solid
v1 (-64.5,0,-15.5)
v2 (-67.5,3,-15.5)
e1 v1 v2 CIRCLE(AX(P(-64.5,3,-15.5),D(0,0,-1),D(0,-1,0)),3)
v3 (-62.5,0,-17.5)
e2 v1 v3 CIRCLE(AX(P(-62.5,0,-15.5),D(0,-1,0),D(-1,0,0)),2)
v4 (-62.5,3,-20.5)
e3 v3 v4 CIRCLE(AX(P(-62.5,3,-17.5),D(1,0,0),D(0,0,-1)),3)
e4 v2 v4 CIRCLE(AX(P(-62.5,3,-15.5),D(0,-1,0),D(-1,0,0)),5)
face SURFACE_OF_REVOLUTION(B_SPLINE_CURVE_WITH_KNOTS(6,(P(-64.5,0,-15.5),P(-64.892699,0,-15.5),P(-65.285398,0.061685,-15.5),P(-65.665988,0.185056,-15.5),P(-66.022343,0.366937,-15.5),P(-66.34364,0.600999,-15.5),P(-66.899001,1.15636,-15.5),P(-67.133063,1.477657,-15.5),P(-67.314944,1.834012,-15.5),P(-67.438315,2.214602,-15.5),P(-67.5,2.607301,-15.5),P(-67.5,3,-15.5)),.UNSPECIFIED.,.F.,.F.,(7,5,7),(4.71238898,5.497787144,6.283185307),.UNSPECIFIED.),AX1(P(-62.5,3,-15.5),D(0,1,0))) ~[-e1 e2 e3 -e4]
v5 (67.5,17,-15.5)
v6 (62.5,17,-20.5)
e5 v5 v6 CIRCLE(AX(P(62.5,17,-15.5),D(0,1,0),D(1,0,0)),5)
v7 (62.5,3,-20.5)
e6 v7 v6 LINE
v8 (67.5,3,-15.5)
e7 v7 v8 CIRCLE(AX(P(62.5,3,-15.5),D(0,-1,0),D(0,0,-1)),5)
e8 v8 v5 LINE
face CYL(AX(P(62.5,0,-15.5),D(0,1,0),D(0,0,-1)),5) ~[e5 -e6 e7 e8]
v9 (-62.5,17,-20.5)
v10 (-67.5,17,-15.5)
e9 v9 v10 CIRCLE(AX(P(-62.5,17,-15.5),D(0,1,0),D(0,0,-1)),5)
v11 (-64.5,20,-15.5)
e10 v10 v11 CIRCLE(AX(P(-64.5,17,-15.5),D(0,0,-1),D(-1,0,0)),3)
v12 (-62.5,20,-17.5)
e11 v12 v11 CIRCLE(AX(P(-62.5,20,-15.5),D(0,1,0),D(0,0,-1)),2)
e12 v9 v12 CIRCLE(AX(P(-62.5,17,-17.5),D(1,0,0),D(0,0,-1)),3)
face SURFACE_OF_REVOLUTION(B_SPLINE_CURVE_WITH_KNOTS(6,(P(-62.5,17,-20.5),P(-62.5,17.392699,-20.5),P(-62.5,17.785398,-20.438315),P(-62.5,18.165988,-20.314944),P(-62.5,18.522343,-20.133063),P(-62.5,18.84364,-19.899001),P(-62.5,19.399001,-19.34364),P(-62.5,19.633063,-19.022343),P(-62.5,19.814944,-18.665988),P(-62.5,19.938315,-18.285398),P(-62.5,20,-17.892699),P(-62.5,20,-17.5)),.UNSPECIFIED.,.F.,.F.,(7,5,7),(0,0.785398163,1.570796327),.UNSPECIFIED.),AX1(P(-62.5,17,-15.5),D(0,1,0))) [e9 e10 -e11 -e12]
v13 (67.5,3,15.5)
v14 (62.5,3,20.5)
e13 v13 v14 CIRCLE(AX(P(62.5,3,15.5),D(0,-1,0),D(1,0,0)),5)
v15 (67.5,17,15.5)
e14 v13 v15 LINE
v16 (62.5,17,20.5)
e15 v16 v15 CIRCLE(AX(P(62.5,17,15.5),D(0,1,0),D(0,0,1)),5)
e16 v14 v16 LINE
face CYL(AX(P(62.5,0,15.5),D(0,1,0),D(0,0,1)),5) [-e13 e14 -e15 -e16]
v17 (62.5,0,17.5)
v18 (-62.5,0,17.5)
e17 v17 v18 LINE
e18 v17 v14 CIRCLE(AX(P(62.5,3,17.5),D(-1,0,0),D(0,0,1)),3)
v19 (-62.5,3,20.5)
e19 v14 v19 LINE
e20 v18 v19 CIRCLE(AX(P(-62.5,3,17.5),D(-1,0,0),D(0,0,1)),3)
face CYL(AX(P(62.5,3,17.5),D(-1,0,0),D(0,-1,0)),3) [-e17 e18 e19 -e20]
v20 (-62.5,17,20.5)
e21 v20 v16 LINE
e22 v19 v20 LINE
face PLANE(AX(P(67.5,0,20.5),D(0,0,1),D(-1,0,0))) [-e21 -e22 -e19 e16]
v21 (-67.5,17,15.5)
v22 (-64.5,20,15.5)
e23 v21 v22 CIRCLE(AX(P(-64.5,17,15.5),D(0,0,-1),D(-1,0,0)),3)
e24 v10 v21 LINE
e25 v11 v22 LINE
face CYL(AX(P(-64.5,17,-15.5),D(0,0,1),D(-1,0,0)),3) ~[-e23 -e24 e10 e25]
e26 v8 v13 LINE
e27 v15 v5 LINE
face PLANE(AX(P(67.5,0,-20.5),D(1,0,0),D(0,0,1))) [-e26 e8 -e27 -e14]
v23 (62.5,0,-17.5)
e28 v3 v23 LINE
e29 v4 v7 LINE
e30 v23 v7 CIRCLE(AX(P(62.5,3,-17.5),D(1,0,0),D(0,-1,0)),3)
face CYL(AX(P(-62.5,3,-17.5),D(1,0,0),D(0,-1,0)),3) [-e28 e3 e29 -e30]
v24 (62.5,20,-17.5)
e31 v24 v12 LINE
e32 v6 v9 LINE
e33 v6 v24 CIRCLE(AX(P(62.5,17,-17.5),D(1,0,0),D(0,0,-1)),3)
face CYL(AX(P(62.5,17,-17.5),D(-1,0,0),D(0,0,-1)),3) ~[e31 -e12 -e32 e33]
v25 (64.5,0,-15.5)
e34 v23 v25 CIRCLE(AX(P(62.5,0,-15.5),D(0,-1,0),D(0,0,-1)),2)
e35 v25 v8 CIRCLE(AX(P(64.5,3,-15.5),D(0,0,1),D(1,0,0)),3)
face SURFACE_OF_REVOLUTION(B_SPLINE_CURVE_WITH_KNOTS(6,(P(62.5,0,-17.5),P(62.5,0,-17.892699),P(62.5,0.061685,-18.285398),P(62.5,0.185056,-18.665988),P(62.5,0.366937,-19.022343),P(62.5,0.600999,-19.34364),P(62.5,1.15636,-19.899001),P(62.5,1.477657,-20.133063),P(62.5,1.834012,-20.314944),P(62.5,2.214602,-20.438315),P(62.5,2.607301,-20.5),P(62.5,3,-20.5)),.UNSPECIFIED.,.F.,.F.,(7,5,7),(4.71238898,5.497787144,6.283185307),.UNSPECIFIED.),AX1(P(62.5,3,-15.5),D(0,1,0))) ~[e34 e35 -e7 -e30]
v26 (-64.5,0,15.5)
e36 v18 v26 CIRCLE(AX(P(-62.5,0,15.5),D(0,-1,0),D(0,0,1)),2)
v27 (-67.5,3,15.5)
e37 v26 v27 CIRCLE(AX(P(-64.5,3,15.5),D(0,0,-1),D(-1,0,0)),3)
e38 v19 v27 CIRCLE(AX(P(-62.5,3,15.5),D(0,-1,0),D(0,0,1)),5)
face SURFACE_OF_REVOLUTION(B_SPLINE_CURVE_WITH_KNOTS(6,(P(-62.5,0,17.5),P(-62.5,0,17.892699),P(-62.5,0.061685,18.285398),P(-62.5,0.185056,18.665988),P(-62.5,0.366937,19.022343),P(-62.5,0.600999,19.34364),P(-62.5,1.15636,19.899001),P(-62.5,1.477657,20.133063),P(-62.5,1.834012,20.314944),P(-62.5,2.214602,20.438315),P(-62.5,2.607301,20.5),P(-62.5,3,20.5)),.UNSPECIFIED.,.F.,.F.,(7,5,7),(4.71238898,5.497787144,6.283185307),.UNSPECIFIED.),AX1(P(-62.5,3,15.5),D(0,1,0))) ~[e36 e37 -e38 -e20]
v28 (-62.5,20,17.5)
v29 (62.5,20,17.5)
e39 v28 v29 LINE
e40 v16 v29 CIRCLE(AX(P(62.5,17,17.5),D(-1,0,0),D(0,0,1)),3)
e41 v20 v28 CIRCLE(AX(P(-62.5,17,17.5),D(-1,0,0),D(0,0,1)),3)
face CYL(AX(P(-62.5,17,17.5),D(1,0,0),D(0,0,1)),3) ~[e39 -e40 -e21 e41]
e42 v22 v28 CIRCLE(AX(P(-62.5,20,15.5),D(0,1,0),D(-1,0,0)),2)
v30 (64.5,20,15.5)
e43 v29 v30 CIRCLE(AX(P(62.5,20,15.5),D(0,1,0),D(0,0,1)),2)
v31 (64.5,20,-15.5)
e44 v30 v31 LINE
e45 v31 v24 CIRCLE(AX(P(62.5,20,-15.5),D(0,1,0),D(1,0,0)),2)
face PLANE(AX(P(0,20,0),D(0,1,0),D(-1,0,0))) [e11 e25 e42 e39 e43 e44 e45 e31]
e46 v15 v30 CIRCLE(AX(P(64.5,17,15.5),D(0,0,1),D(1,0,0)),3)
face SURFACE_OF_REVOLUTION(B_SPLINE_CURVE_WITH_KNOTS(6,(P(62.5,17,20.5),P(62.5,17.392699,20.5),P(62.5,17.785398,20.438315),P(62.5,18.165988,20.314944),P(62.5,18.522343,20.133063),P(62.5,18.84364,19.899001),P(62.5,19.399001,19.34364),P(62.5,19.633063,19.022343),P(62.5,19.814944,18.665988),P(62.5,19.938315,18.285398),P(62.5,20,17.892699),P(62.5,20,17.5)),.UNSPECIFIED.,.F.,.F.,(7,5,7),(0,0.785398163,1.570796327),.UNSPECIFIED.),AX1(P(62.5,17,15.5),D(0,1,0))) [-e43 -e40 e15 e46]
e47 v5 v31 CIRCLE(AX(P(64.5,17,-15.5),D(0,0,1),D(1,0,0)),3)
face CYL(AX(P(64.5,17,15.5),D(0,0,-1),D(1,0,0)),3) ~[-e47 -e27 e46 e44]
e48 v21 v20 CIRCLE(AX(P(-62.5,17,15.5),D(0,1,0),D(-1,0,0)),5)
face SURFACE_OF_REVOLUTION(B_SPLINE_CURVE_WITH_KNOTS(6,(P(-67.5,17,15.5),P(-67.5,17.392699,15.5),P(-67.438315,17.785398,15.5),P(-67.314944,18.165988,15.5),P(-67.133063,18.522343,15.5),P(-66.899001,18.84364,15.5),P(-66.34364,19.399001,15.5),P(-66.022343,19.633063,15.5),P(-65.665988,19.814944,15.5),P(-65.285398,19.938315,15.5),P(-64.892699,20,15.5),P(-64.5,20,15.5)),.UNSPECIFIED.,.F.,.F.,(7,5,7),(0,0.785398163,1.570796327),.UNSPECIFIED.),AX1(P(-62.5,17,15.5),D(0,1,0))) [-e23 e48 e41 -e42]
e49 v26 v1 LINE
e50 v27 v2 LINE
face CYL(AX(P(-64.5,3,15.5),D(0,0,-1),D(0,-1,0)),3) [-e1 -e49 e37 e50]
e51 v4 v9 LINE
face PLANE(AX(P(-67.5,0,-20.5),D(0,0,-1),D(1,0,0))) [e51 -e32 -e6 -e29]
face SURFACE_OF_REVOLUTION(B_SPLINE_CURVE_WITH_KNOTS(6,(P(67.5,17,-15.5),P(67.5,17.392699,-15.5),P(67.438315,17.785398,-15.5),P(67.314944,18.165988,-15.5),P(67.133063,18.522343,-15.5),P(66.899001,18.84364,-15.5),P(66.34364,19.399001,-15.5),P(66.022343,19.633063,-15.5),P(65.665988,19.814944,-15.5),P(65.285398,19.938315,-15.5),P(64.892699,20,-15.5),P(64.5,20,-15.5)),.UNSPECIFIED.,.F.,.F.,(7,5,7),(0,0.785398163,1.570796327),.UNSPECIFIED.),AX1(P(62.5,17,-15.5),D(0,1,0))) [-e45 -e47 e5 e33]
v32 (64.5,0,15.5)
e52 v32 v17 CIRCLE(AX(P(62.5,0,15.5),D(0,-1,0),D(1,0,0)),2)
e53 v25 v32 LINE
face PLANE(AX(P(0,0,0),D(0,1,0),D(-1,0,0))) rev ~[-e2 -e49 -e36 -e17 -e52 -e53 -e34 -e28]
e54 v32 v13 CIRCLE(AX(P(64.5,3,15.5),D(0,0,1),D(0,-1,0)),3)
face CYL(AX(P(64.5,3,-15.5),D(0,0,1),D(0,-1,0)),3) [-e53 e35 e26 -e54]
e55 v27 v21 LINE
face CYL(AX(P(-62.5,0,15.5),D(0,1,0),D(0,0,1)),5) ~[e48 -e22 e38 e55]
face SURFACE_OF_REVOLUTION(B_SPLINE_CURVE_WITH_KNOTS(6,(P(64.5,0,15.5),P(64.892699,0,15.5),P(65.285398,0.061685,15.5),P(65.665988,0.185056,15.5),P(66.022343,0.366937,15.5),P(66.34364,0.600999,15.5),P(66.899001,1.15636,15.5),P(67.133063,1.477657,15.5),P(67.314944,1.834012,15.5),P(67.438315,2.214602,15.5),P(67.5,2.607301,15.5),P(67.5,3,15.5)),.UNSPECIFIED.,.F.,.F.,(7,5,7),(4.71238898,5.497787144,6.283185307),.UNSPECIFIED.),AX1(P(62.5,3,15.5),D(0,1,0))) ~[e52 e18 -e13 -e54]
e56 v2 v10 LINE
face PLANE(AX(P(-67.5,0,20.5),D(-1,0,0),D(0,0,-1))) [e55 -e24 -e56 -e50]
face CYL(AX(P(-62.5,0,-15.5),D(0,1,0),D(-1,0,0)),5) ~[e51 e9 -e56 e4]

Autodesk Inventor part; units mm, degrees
ref_plane "YZ Plane" through (0, 0, 0) normal (1, 0, 0) x (0, 1, 0)
ref_plane "XZ Plane" through (0, 0, 0) normal (0, 1, 0) x (-1, 0, 0)
ref_plane "XY Plane" through (0, 0, 0) normal (0, 0, 1) x (1, 0, 0)
sketch "Sketch1" plane through (0, 0, 0) normal (0, 1, 0) x (-1, 0, 0)
  line L0 (-67.5, 20.5) -> (67.5, 20.5)
  line L1 (67.5, 20.5) -> (67.5, -20.5)
  line L2 (67.5, -20.5) -> (-67.5, -20.5)
  line L3 (-67.5, -20.5) -> (-67.5, 20.5)
  line L4 (-67.5, 20.5) -> (67.5, -20.5) construction
  line L5 (67.5, 20.5) -> (-67.5, -20.5) construction
  point P0 (0, 0)
  dimension "d0" = 135
  dimension "d1" = 41
extrude "Extrusion1" add sketch "Sketch1" along normal blind 20
fillet "Fillet1" radius 5 4 edges at (-67.5, 10, 20.5) (-67.5, 10, -20.5) (67.5, 10, -20.5) (67.5, 10, 20.5)
fillet "Fillet2" radius 3 16 edges at (66.0355, 20, 19.0355) (67.5, 20, 0) (66.0355, 20, -19.0355) (0, 20, -20.5) (-66.0355, 20, -19.0355) (-67.5, 20, 0) (-66.0355, 20, 19.0355) (0, 20, 20.5) (-66.0355, 0, 19.0355) (-67.5, 0, 0) (-66.0355, 0, -19.0355) (0, 0, -20.5) (66.0355, 0, -19.0355) (67.5, 0, 0) (66.0355, 0, 19.0355) (0, 0, 20.5)
properties part number "Batteri" material "Aluminum 6061"
